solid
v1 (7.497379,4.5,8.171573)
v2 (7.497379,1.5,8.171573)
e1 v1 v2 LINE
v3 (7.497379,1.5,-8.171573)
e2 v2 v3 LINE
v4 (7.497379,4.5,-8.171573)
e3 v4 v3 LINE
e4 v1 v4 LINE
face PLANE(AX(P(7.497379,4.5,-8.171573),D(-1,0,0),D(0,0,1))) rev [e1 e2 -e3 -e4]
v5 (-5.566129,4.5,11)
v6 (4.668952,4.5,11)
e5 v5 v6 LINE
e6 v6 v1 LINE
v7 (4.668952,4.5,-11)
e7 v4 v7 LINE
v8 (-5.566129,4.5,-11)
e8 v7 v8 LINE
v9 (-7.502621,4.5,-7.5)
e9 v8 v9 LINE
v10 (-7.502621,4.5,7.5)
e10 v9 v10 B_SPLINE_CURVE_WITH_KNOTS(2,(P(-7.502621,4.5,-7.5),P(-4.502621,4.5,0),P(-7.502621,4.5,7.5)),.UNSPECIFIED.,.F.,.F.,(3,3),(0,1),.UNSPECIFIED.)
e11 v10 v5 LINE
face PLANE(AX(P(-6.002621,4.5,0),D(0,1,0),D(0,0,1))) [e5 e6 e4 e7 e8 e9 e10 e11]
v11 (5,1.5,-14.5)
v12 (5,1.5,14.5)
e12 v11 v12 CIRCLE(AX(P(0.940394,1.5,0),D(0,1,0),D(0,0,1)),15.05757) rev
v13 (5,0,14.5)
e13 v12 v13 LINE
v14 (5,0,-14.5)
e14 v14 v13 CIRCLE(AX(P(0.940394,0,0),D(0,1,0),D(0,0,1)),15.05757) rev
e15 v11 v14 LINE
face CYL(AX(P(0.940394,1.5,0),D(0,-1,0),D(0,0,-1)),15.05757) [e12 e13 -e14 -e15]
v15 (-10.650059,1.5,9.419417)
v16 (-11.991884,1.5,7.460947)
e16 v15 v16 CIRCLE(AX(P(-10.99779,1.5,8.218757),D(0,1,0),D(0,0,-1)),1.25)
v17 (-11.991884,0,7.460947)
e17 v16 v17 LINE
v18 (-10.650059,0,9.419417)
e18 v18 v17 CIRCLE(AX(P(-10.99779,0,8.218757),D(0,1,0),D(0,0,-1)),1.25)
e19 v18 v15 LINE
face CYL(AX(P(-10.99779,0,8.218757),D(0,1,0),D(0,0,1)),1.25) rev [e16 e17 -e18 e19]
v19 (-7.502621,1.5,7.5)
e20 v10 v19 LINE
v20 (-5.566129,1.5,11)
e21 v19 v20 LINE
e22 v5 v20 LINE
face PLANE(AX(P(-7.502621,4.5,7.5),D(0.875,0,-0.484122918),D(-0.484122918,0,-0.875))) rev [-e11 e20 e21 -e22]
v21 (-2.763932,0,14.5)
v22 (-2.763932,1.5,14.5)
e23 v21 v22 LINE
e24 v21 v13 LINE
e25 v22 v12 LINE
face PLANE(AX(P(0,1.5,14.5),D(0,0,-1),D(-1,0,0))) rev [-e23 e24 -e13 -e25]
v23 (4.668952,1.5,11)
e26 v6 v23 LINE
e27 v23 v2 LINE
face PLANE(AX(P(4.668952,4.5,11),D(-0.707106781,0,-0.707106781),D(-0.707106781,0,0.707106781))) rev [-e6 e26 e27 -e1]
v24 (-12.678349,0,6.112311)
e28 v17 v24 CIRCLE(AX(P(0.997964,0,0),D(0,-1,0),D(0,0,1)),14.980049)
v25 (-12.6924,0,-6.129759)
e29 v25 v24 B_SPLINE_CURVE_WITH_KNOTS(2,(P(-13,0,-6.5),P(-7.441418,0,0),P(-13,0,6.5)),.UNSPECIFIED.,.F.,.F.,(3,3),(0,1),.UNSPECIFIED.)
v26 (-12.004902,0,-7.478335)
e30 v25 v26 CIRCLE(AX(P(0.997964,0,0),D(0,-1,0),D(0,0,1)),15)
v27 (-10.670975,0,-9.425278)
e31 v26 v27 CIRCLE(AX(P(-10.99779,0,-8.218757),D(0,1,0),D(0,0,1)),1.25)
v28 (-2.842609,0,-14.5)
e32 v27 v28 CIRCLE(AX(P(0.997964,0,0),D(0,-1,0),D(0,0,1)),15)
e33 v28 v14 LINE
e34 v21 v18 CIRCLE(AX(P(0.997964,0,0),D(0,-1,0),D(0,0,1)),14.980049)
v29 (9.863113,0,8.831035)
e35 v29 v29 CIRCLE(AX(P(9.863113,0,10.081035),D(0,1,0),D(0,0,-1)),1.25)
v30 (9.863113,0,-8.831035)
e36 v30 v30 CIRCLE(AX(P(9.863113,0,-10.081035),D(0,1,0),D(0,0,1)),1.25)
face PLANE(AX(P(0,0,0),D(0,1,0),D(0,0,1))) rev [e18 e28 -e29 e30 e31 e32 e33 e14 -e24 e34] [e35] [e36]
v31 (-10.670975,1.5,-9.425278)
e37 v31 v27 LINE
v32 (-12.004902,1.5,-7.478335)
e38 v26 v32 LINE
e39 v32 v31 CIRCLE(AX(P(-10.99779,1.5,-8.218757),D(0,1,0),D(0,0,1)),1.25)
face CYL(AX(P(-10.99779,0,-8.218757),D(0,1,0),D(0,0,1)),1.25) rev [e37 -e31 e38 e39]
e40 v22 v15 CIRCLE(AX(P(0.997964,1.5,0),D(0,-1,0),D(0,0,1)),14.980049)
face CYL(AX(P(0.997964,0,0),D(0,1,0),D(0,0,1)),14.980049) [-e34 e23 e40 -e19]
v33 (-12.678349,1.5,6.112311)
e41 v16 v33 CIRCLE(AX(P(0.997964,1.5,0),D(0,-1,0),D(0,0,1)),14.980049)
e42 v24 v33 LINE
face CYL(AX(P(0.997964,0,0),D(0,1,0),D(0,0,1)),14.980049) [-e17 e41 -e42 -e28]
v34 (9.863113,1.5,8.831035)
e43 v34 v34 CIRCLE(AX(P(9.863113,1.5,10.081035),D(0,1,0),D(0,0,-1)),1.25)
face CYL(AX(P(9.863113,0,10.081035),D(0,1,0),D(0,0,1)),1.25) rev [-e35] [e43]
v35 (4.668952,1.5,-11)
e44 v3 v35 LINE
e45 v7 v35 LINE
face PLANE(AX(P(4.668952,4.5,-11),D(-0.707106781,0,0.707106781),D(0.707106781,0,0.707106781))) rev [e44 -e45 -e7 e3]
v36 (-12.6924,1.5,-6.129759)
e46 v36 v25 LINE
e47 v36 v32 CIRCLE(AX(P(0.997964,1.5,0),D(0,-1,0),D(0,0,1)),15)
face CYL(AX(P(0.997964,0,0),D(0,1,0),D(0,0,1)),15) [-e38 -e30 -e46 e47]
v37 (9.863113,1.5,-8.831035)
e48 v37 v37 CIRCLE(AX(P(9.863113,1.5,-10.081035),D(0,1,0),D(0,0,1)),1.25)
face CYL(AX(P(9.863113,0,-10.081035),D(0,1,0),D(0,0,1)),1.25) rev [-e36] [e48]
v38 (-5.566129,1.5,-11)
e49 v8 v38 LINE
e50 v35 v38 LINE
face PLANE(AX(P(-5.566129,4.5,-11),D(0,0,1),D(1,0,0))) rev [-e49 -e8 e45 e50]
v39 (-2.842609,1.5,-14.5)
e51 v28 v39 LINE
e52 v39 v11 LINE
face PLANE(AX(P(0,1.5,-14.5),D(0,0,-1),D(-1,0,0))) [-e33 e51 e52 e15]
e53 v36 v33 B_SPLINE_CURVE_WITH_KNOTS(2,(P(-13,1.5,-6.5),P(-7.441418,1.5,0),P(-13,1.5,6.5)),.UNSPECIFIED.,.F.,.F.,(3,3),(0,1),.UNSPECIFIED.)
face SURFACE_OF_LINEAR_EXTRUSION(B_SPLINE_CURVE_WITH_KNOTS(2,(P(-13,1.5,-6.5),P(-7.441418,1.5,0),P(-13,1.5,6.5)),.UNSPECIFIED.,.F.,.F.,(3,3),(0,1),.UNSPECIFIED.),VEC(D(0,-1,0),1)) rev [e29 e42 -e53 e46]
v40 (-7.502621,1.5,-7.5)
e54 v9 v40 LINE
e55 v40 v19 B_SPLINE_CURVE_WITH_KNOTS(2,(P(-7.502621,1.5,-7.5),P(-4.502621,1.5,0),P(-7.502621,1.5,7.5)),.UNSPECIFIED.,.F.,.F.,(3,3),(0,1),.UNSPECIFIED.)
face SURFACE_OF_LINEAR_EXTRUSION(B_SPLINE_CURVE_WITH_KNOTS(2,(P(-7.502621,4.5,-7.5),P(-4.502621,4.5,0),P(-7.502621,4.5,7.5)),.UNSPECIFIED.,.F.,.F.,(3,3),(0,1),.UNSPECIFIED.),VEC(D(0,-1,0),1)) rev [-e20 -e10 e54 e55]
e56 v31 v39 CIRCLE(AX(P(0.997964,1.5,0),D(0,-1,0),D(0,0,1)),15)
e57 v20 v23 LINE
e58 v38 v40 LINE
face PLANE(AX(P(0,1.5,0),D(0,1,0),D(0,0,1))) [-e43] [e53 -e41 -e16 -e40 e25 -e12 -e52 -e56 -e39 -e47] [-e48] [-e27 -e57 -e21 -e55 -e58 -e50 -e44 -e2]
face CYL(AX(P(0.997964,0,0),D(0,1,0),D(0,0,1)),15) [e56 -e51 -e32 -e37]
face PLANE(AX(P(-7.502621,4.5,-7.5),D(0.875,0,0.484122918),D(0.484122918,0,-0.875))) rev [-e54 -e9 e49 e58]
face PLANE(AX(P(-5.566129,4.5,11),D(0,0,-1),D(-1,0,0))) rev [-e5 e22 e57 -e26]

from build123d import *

# Parameters (mm, degrees)
EXTRUDE_1_DEPTH     = 1.5
EXTRUDE_2_DEPTH     = 3
SKETCH_5_R          = 1.25
CUT_EXTRUDE_2_DEPTH = 2.5000001
CUT_EXTRUDE_3_DEPTH = 2.5000001


with BuildPart() as part:
    # Эскиз1 → Бобышка-Вытянуть1 (new body)
    with BuildSketch(Plane(origin=(0, 0, 0), x_dir=(1, 0, 0), z_dir=(0, 1, 0))):
        with BuildLine():
            Line((5, 14.5), (-5, 14.5))
            ThreePointArc((-5, 14.5), (-9.453000697, 12.420644275), (-13, 9.018919508))
            Line((-13, 9.018919508), (-13, 6.5))
            add(Edge.make_bspline(
                [(-13, 6.5), (-7.441418368, 0), (-13, -6.5)],
                knots=[0, 0, 0, 1, 1, 1], degree=2))
            Line((-13, -6.5), (-13, -9.018919508))
            ThreePointArc((-13, -9.018919508), (-9.453000697, -12.420644275), (-5, -14.5))
            Line((-5, -14.5), (5, -14.5))
            ThreePointArc((5, -14.5), (15.997963501, 0), (5, 14.5))
        make_face()
    extrude(amount=EXTRUDE_1_DEPTH)

    # Эскиз3 → Бобышка-Вытянуть2 (add)
    with BuildSketch(Plane(origin=(0, 1.5, 0), x_dir=(1, 0, 0), z_dir=(0, 1, 0))):
        with BuildLine():
            Line((4.668952027, -11), (7.497379152, -8.171572875))
            Line((7.497379152, -8.171572875), (7.497379152, 8.171572875))
            Line((7.497379152, 8.171572875), (4.668952027, 11))
            Line((4.668952027, 11), (-5.566129175, 11))
            Line((-5.566129175, 11), (-7.502620848, 7.5))
            add(Edge.make_bspline(
                [(-7.502620848, 7.5), (-4.502620848, 0), (-7.502620848, -7.5)],
                knots=[0, 0, 0, 1, 1, 1], degree=2))
            Line((-7.502620848, -7.5), (-5.566129175, -11))
            Line((-5.566129175, -11), (4.668952027, -11))
        make_face()
    extrude(amount=EXTRUDE_2_DEPTH)

    # Эскиз5 → Вырез-Вытянуть2 (cut, through all)
    with BuildSketch(Plane(origin=(0, 1.5, 0), x_dir=(1, 0, 0), z_dir=(0, 1, 0))):
        with Locations((9.863113254, 10.081034519)):
            Circle(SKETCH_5_R)
        with Locations((-10.997789514, 8.218757238)):
            Circle(SKETCH_5_R)
        with Locations((9.863113254, -10.081034519)):
            Circle(SKETCH_5_R)
        with Locations((-10.997789514, -8.218757238)):
            Circle(SKETCH_5_R)
    extrude(amount=-CUT_EXTRUDE_2_DEPTH, mode=Mode.SUBTRACT)

    # Эскиз7 → Вырез-Вытянуть3 (cut, through all)
    with BuildSketch(Plane(origin=(0, 1.5, 0), x_dir=(1, 0, 0), z_dir=(0, 1, 0))):
        with BuildLine():
            Line((-13, 9.018919508), (-13, 6.5))
            Line((-13, 6.5), (-12.715649732, 6.077566297))
            ThreePointArc((-12.715649732, 6.077566297), (-8.737112762, 11.411761045), (-2.842609373, 14.5))
            Line((-2.842609373, 14.5), (-5, 14.5))
            ThreePointArc((-5, 14.5), (-9.453000697, 12.420644275), (-13, 9.018919508))
        make_face()
        with BuildLine():
            Line((-13, -6.5), (-13, -9.018919508))
            ThreePointArc((-13, -9.018919508), (-9.453000697, -12.420644275), (-5, -14.5))
            Line((-5, -14.5), (-2.763931787, -14.5))
            ThreePointArc((-2.763931787, -14.5), (-8.693434445, -11.422725682), (-12.695530111, -6.07372117))
            Line((-12.695530111, -6.07372117), (-13, -6.5))
        make_face()
    extrude(amount=-CUT_EXTRUDE_3_DEPTH, mode=Mode.SUBTRACT)


solid = part.part
